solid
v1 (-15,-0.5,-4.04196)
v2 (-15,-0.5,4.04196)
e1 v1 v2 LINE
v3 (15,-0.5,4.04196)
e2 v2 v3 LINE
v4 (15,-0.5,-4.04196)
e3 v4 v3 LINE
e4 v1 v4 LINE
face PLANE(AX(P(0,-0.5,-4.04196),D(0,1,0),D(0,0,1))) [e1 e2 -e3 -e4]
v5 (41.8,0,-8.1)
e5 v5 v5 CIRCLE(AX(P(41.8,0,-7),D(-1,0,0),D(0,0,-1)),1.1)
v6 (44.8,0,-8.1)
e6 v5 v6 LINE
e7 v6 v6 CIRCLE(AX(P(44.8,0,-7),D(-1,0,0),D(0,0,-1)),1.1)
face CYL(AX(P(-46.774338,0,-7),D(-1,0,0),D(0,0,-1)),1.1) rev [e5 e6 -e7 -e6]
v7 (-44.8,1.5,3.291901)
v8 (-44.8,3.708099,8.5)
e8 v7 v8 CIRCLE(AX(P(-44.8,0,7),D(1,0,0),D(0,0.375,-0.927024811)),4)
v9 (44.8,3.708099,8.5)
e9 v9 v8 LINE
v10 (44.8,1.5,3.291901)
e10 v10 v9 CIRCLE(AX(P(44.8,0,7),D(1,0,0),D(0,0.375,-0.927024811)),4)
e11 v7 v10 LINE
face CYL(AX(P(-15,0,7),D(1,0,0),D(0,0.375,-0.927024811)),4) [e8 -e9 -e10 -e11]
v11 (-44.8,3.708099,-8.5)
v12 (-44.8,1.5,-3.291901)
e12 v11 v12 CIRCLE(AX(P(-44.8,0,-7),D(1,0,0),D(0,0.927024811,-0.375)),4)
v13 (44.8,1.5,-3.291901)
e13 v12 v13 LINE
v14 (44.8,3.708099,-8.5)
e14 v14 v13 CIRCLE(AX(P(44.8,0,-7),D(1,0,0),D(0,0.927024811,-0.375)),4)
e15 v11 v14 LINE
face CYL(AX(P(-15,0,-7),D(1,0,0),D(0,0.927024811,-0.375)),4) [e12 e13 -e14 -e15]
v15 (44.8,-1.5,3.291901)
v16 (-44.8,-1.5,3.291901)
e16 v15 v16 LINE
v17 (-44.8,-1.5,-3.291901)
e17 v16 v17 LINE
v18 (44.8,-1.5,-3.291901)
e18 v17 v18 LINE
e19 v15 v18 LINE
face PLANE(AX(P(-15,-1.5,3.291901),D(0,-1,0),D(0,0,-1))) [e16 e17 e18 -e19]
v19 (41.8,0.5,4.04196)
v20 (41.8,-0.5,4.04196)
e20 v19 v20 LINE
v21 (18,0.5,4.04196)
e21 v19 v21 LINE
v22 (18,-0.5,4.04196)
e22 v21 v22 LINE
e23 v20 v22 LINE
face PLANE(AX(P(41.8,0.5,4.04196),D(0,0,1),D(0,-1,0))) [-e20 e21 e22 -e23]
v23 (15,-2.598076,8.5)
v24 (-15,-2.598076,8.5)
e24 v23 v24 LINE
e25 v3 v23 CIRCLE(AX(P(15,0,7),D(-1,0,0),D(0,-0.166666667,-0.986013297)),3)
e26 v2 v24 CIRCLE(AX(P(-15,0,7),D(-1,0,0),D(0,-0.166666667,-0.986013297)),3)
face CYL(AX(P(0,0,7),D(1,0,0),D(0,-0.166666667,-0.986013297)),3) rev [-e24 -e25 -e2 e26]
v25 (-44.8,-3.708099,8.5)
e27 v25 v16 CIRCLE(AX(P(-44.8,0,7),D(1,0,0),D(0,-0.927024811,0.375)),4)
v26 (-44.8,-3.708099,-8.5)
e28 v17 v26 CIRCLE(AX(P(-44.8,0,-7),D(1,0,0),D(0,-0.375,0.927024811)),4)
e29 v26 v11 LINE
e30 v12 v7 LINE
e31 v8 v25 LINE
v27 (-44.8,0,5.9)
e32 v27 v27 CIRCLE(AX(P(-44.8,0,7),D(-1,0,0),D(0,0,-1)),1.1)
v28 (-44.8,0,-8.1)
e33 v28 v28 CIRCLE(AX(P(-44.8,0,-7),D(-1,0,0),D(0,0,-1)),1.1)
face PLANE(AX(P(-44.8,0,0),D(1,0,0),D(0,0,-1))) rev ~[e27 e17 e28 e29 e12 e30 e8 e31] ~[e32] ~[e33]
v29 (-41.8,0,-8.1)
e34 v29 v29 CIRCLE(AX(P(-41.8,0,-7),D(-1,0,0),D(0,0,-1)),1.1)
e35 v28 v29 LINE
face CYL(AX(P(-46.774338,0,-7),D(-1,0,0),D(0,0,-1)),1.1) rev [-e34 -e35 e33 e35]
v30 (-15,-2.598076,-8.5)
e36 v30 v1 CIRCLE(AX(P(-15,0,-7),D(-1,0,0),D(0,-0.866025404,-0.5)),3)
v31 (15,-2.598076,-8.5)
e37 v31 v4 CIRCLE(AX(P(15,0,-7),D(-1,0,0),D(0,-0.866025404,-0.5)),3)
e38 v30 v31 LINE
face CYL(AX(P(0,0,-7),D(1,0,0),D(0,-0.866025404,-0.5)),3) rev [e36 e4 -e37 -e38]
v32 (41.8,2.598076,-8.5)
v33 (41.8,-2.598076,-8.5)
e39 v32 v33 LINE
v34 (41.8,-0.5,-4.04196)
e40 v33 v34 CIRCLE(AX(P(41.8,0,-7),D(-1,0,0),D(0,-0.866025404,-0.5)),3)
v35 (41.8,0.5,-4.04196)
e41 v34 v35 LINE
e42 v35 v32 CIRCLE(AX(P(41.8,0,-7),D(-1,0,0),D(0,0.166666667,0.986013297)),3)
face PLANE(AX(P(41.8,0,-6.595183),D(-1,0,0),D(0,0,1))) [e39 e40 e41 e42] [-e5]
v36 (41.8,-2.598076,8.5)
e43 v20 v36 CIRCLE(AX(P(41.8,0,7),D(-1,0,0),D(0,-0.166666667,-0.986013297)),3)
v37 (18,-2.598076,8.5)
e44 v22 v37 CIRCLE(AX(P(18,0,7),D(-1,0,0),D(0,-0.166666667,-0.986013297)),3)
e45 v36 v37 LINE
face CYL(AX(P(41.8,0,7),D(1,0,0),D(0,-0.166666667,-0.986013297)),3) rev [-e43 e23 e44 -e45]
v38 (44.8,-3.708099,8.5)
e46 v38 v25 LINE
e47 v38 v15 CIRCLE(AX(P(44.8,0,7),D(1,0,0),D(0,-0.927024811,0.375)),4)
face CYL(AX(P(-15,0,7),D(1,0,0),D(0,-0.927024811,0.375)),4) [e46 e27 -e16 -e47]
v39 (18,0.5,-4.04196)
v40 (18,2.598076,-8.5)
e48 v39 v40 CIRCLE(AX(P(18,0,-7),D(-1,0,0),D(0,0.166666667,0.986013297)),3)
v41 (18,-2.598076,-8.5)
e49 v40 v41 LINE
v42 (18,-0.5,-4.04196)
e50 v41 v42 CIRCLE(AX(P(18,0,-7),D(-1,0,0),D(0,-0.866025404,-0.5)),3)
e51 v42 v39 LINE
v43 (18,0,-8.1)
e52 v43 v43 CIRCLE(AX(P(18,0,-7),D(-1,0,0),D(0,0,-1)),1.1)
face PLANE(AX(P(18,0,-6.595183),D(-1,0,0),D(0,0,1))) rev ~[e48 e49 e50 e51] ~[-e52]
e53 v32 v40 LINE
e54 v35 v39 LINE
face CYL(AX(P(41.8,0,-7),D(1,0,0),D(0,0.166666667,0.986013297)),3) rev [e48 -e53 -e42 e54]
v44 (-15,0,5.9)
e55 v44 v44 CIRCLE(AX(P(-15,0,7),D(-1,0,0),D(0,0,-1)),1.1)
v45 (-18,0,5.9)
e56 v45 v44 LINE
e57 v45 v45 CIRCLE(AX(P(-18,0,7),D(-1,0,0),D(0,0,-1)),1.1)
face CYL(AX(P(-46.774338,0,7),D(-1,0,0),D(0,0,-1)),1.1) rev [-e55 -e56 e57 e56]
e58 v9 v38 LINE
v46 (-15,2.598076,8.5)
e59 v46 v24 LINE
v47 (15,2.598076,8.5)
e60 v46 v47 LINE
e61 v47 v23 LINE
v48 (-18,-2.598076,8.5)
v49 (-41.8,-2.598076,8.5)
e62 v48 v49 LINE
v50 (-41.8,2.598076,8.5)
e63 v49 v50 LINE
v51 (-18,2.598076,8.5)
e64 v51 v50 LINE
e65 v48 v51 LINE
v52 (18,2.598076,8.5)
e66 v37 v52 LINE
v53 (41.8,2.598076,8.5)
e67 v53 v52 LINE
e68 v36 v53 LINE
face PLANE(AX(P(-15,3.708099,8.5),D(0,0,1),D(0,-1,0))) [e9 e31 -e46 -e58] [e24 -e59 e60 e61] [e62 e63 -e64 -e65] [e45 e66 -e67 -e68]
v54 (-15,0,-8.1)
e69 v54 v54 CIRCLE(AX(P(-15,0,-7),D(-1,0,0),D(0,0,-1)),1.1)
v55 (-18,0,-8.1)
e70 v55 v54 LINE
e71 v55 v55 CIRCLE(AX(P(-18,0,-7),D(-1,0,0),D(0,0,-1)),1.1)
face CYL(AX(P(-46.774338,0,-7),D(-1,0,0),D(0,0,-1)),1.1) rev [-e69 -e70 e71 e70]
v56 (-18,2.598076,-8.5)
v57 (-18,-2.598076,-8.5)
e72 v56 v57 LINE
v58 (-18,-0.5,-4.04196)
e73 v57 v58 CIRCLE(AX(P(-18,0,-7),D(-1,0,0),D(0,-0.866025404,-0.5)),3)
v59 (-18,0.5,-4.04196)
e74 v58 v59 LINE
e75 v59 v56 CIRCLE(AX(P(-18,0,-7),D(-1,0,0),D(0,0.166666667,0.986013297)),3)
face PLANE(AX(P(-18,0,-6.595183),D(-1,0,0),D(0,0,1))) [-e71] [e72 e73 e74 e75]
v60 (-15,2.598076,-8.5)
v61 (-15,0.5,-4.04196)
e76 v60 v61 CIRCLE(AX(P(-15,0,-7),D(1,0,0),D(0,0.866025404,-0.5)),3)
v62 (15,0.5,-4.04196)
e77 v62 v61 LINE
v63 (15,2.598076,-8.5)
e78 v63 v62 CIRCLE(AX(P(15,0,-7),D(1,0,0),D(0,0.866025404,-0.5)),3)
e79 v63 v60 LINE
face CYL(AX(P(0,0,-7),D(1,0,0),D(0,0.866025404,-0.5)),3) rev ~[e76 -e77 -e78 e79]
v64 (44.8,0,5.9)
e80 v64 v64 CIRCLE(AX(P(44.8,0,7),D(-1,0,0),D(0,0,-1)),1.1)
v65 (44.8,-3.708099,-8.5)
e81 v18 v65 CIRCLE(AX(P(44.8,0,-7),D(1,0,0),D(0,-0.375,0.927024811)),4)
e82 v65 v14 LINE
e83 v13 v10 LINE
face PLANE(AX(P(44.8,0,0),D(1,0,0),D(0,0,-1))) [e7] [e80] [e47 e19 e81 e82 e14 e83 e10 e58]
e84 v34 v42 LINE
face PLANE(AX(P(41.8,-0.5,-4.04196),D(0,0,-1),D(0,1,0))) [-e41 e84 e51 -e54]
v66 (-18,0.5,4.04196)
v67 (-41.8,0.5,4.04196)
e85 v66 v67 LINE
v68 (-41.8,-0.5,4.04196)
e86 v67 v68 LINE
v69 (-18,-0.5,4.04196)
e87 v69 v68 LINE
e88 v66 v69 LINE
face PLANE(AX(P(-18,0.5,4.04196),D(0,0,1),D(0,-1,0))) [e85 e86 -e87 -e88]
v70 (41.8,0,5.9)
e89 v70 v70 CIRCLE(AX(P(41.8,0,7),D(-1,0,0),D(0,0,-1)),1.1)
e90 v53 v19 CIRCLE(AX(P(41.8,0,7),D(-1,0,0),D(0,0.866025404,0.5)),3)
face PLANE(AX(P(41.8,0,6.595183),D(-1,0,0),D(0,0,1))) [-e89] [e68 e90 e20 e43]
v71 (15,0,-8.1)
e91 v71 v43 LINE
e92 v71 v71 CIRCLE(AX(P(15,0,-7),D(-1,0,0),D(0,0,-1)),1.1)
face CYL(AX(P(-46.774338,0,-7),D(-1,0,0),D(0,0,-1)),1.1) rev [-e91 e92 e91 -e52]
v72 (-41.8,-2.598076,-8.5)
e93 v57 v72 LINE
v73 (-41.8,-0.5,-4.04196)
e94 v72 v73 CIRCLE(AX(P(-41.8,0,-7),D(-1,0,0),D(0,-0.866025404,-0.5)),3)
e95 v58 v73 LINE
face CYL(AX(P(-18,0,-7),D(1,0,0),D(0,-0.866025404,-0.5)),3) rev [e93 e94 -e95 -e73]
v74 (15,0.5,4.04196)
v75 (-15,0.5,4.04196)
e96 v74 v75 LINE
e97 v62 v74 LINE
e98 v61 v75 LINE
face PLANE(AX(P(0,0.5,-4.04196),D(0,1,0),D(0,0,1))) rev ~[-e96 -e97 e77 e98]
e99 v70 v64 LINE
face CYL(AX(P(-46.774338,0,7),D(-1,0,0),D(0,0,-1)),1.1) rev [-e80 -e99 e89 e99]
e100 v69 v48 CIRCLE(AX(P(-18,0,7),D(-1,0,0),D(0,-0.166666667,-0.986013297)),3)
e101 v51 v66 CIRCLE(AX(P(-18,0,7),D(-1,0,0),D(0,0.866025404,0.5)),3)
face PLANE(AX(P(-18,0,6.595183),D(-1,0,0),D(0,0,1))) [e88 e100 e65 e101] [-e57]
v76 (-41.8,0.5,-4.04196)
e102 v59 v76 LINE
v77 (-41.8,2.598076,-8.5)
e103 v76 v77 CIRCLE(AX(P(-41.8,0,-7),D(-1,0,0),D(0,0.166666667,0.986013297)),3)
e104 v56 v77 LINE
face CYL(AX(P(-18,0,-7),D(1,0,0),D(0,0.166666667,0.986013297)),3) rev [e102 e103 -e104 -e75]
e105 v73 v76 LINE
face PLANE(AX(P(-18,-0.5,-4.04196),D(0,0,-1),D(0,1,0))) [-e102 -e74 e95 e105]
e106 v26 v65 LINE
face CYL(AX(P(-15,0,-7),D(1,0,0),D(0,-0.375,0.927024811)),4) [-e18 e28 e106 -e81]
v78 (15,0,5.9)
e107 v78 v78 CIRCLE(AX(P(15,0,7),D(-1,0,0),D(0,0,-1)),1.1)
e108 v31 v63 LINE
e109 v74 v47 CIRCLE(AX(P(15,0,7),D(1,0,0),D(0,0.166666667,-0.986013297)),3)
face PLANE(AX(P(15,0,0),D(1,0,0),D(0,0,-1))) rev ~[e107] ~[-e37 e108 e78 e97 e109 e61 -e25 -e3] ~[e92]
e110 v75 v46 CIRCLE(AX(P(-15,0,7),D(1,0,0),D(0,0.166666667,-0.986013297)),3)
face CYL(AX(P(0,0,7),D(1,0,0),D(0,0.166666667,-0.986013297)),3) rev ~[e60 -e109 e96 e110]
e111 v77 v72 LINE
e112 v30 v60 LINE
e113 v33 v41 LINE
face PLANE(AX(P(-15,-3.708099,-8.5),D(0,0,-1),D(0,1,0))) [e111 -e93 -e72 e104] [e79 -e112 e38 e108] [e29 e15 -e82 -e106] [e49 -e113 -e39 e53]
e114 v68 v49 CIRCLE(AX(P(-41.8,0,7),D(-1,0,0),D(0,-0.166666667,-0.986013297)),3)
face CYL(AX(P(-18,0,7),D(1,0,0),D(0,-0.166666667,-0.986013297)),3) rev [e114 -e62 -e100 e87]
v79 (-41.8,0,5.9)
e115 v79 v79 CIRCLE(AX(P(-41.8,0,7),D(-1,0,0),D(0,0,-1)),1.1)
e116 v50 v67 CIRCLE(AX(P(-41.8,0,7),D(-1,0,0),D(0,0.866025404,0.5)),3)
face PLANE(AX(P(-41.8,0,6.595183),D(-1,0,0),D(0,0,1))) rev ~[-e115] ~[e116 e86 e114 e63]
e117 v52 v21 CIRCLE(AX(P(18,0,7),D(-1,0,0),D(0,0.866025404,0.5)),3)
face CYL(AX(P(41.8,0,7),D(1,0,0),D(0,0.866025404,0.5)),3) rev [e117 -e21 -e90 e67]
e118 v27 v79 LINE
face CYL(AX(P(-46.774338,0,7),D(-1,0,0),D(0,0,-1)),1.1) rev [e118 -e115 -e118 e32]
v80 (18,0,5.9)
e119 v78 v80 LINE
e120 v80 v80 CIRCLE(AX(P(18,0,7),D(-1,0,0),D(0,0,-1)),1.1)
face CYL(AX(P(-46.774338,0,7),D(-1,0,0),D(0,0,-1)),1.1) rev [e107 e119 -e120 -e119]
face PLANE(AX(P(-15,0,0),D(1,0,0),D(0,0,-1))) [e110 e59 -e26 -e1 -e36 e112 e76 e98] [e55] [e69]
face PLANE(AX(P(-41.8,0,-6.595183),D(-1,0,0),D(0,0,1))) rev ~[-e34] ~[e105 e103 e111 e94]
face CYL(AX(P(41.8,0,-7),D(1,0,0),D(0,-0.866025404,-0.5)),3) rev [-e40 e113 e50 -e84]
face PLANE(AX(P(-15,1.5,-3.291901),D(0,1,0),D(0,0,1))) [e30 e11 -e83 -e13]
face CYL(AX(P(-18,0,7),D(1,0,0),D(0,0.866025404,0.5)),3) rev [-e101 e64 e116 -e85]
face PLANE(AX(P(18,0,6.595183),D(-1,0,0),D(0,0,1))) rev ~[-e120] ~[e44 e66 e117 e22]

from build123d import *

# Parameters (mm, degrees)
EXTRUDE_1_DEPTH          = 15
EXTRUDE_1_2_DEPTH        = 15
EXTRUDE_START            = 44.8
EXTRUDE_2_DEPTH          = 29.8
EXTRUDE_START_2          = -15
EXTRUDE_3_DEPTH          = 29.8
CUT_EXTRUDE_START        = 41.8
CUT_EXTRUDE_1_DEPTH      = 23.8
CUT_EXTRUDE_START_2      = -18
CUT_EXTRUDE_2_DEPTH      = 23.8
CUT_EXTRUDE_3_DEPTH      = 46.774337789
CUT_EXTRUDE_3_DEPTH_BACK = 46.774337789
SKETCH_4_R               = 1.1


with BuildPart() as part:
    # 草图1 → 凸台-拉伸1 (new, symmetric)
    with BuildSketch(Plane(origin=(0, 0, 0), x_dir=(0, 0, -1), z_dir=(1, 0, 0))):
        with BuildLine():
            Line((-3.291900756, 1.5), (3.291900756, 1.5))
            ThreePointArc((3.291900756, 1.5), (5.438638051, 3.682682292), (8.5, 3.708099244))
            Line((8.5, 3.708099244), (8.5, 2.598076211))
            ThreePointArc((8.5, 2.598076211), (5.722521613, 2.714415033), (4.041960108, 0.5))
            Line((4.041960108, 0.5), (-4.041960108, 0.5))
            ThreePointArc((-4.041960108, 0.5), (-5.722521613, 2.714415033), (-8.5, 2.598076211))
            Line((-8.5, 2.598076211), (-8.5, 3.708099244))
            ThreePointArc((-8.5, 3.708099244), (-5.438638051, 3.682682292), (-3.291900756, 1.5))
        make_face()
    extrude(amount=EXTRUDE_1_DEPTH, both=True)



with BuildPart() as body_2:
    # 草图1 → Extrude 1 2 (new, symmetric)
    with BuildSketch(Plane(origin=(0, 0, 0), x_dir=(0, 0, -1), z_dir=(1, 0, 0))):
        with BuildLine():
            Line((-3.291900756, -1.5), (3.291900756, -1.5))
            ThreePointArc((3.291900756, -1.5), (5.438638051, -3.682682292), (8.5, -3.708099244))
            Line((8.5, -3.708099244), (8.5, -2.598076211))
            ThreePointArc((8.5, -2.598076211), (5.722521613, -2.714415033), (4.041960108, -0.5))
            Line((4.041960108, -0.5), (-4.041960108, -0.5))
            ThreePointArc((-4.041960108, -0.5), (-5.722521613, -2.714415033), (-8.5, -2.598076211))
            Line((-8.5, -2.598076211), (-8.5, -3.708099244))
            ThreePointArc((-8.5, -3.708099244), (-5.438638051, -3.682682292), (-3.291900756, -1.5))
        make_face()
    extrude(amount=EXTRUDE_1_2_DEPTH, both=True)


with BuildPart() as part_1:
    add(part.part)

    add(body_2.part)  # 凸台-拉伸2 merges body 2
    # 草图2 → 凸台-拉伸2 (add)
    with BuildSketch(Plane(origin=(0, 0, 0), x_dir=(0, 0, -1), z_dir=(1, 0, 0)).offset(EXTRUDE_START)):
        with BuildLine():
            Line((-3.291900756, -1.5), (3.291900756, -1.5))
            ThreePointArc((3.291900756, -1.5), (5.438638051, -3.682682292), (8.5, -3.708099244))
            Line((8.5, -3.708099244), (8.5, 3.708099244))
            ThreePointArc((8.5, 3.708099244), (5.438638051, 3.682682292), (3.291900756, 1.5))
            Line((3.291900756, 1.5), (-3.291900756, 1.5))
            ThreePointArc((-3.291900756, 1.5), (-5.438638051, 3.682682292), (-8.5, 3.708099244))
            Line((-8.5, 3.708099244), (-8.5, -3.708099244))
            ThreePointArc((-8.5, -3.708099244), (-5.438638051, -3.682682292), (-3.291900756, -1.5))
        make_face()
    extrude(amount=-EXTRUDE_2_DEPTH)

    # 草图2<2> → 凸台-拉伸3 (add)
    with BuildSketch(Plane(origin=(0, 0, 0), x_dir=(0, 0, -1), z_dir=(1, 0, 0)).offset(EXTRUDE_START_2)):
        with BuildLine():
            Line((-3.291900756, -1.5), (3.291900756, -1.5))
            ThreePointArc((3.291900756, -1.5), (5.438638051, -3.682682292), (8.5, -3.708099244))
            Line((8.5, -3.708099244), (8.5, 3.708099244))
            ThreePointArc((8.5, 3.708099244), (5.438638051, 3.682682292), (3.291900756, 1.5))
            Line((3.291900756, 1.5), (-3.291900756, 1.5))
            ThreePointArc((-3.291900756, 1.5), (-5.438638051, 3.682682292), (-8.5, 3.708099244))
            Line((-8.5, 3.708099244), (-8.5, -3.708099244))
            ThreePointArc((-8.5, -3.708099244), (-5.438638051, -3.682682292), (-3.291900756, -1.5))
        make_face()
    extrude(amount=-EXTRUDE_3_DEPTH)

    # 草图3 → 切除-拉伸1 (cut)
    with BuildSketch(Plane(origin=(0, 0, 0), x_dir=(0, 0, -1), z_dir=(1, 0, 0)).offset(CUT_EXTRUDE_START)):
        with BuildLine():
            Line((-4.041960108, 0.5), (-4.041960108, -0.5))
            ThreePointArc((-4.041960108, -0.5), (-5.722521613, -2.714415033), (-8.5, -2.598076211))
            Line((-8.5, -2.598076211), (-8.5, 2.598076211))
            ThreePointArc((-8.5, 2.598076211), (-5.722521613, 2.714415033), (-4.041960108, 0.5))
        make_face()
        with BuildLine():
            Line((8.5, 2.598076211), (8.5, -2.598076211))
            ThreePointArc((8.5, -2.598076211), (5.722521613, -2.714415033), (4.041960108, -0.5))
            Line((4.041960108, -0.5), (4.041960108, 0.5))
            ThreePointArc((4.041960108, 0.5), (5.722521613, 2.714415033), (8.5, 2.598076211))
        make_face()
    extrude(amount=-CUT_EXTRUDE_1_DEPTH, mode=Mode.SUBTRACT)

    # 草图3<2> → 切除-拉伸2 (cut)
    with BuildSketch(Plane(origin=(0, 0, 0), x_dir=(0, 0, -1), z_dir=(1, 0, 0)).offset(CUT_EXTRUDE_START_2)):
        with BuildLine():
            Line((-4.041960108, 0.5), (-4.041960108, -0.5))
            ThreePointArc((-4.041960108, -0.5), (-5.722521613, -2.714415033), (-8.5, -2.598076211))
            Line((-8.5, -2.598076211), (-8.5, 2.598076211))
            ThreePointArc((-8.5, 2.598076211), (-5.722521613, 2.714415033), (-4.041960108, 0.5))
        make_face()
        with BuildLine():
            Line((8.5, 2.598076211), (8.5, -2.598076211))
            ThreePointArc((8.5, -2.598076211), (5.722521613, -2.714415033), (4.041960108, -0.5))
            Line((4.041960108, -0.5), (4.041960108, 0.5))
            ThreePointArc((4.041960108, 0.5), (5.722521613, 2.714415033), (8.5, 2.598076211))
        make_face()
    extrude(amount=-CUT_EXTRUDE_2_DEPTH, mode=Mode.SUBTRACT)

    # 草图4 → 切除-拉伸3 (cut, two sides: drawn at the far end of the back side and taken through both)
    with BuildSketch(Plane(origin=(0, 0, 0), x_dir=(0, 0, -1), z_dir=(1, 0, 0)).offset(-CUT_EXTRUDE_3_DEPTH_BACK)):
        with Locations((-7, 0)):
            Circle(SKETCH_4_R)
        with Locations((7, 0)):
            Circle(SKETCH_4_R)
    extrude(amount=CUT_EXTRUDE_3_DEPTH + CUT_EXTRUDE_3_DEPTH_BACK, mode=Mode.SUBTRACT)


solid = part_1.part
